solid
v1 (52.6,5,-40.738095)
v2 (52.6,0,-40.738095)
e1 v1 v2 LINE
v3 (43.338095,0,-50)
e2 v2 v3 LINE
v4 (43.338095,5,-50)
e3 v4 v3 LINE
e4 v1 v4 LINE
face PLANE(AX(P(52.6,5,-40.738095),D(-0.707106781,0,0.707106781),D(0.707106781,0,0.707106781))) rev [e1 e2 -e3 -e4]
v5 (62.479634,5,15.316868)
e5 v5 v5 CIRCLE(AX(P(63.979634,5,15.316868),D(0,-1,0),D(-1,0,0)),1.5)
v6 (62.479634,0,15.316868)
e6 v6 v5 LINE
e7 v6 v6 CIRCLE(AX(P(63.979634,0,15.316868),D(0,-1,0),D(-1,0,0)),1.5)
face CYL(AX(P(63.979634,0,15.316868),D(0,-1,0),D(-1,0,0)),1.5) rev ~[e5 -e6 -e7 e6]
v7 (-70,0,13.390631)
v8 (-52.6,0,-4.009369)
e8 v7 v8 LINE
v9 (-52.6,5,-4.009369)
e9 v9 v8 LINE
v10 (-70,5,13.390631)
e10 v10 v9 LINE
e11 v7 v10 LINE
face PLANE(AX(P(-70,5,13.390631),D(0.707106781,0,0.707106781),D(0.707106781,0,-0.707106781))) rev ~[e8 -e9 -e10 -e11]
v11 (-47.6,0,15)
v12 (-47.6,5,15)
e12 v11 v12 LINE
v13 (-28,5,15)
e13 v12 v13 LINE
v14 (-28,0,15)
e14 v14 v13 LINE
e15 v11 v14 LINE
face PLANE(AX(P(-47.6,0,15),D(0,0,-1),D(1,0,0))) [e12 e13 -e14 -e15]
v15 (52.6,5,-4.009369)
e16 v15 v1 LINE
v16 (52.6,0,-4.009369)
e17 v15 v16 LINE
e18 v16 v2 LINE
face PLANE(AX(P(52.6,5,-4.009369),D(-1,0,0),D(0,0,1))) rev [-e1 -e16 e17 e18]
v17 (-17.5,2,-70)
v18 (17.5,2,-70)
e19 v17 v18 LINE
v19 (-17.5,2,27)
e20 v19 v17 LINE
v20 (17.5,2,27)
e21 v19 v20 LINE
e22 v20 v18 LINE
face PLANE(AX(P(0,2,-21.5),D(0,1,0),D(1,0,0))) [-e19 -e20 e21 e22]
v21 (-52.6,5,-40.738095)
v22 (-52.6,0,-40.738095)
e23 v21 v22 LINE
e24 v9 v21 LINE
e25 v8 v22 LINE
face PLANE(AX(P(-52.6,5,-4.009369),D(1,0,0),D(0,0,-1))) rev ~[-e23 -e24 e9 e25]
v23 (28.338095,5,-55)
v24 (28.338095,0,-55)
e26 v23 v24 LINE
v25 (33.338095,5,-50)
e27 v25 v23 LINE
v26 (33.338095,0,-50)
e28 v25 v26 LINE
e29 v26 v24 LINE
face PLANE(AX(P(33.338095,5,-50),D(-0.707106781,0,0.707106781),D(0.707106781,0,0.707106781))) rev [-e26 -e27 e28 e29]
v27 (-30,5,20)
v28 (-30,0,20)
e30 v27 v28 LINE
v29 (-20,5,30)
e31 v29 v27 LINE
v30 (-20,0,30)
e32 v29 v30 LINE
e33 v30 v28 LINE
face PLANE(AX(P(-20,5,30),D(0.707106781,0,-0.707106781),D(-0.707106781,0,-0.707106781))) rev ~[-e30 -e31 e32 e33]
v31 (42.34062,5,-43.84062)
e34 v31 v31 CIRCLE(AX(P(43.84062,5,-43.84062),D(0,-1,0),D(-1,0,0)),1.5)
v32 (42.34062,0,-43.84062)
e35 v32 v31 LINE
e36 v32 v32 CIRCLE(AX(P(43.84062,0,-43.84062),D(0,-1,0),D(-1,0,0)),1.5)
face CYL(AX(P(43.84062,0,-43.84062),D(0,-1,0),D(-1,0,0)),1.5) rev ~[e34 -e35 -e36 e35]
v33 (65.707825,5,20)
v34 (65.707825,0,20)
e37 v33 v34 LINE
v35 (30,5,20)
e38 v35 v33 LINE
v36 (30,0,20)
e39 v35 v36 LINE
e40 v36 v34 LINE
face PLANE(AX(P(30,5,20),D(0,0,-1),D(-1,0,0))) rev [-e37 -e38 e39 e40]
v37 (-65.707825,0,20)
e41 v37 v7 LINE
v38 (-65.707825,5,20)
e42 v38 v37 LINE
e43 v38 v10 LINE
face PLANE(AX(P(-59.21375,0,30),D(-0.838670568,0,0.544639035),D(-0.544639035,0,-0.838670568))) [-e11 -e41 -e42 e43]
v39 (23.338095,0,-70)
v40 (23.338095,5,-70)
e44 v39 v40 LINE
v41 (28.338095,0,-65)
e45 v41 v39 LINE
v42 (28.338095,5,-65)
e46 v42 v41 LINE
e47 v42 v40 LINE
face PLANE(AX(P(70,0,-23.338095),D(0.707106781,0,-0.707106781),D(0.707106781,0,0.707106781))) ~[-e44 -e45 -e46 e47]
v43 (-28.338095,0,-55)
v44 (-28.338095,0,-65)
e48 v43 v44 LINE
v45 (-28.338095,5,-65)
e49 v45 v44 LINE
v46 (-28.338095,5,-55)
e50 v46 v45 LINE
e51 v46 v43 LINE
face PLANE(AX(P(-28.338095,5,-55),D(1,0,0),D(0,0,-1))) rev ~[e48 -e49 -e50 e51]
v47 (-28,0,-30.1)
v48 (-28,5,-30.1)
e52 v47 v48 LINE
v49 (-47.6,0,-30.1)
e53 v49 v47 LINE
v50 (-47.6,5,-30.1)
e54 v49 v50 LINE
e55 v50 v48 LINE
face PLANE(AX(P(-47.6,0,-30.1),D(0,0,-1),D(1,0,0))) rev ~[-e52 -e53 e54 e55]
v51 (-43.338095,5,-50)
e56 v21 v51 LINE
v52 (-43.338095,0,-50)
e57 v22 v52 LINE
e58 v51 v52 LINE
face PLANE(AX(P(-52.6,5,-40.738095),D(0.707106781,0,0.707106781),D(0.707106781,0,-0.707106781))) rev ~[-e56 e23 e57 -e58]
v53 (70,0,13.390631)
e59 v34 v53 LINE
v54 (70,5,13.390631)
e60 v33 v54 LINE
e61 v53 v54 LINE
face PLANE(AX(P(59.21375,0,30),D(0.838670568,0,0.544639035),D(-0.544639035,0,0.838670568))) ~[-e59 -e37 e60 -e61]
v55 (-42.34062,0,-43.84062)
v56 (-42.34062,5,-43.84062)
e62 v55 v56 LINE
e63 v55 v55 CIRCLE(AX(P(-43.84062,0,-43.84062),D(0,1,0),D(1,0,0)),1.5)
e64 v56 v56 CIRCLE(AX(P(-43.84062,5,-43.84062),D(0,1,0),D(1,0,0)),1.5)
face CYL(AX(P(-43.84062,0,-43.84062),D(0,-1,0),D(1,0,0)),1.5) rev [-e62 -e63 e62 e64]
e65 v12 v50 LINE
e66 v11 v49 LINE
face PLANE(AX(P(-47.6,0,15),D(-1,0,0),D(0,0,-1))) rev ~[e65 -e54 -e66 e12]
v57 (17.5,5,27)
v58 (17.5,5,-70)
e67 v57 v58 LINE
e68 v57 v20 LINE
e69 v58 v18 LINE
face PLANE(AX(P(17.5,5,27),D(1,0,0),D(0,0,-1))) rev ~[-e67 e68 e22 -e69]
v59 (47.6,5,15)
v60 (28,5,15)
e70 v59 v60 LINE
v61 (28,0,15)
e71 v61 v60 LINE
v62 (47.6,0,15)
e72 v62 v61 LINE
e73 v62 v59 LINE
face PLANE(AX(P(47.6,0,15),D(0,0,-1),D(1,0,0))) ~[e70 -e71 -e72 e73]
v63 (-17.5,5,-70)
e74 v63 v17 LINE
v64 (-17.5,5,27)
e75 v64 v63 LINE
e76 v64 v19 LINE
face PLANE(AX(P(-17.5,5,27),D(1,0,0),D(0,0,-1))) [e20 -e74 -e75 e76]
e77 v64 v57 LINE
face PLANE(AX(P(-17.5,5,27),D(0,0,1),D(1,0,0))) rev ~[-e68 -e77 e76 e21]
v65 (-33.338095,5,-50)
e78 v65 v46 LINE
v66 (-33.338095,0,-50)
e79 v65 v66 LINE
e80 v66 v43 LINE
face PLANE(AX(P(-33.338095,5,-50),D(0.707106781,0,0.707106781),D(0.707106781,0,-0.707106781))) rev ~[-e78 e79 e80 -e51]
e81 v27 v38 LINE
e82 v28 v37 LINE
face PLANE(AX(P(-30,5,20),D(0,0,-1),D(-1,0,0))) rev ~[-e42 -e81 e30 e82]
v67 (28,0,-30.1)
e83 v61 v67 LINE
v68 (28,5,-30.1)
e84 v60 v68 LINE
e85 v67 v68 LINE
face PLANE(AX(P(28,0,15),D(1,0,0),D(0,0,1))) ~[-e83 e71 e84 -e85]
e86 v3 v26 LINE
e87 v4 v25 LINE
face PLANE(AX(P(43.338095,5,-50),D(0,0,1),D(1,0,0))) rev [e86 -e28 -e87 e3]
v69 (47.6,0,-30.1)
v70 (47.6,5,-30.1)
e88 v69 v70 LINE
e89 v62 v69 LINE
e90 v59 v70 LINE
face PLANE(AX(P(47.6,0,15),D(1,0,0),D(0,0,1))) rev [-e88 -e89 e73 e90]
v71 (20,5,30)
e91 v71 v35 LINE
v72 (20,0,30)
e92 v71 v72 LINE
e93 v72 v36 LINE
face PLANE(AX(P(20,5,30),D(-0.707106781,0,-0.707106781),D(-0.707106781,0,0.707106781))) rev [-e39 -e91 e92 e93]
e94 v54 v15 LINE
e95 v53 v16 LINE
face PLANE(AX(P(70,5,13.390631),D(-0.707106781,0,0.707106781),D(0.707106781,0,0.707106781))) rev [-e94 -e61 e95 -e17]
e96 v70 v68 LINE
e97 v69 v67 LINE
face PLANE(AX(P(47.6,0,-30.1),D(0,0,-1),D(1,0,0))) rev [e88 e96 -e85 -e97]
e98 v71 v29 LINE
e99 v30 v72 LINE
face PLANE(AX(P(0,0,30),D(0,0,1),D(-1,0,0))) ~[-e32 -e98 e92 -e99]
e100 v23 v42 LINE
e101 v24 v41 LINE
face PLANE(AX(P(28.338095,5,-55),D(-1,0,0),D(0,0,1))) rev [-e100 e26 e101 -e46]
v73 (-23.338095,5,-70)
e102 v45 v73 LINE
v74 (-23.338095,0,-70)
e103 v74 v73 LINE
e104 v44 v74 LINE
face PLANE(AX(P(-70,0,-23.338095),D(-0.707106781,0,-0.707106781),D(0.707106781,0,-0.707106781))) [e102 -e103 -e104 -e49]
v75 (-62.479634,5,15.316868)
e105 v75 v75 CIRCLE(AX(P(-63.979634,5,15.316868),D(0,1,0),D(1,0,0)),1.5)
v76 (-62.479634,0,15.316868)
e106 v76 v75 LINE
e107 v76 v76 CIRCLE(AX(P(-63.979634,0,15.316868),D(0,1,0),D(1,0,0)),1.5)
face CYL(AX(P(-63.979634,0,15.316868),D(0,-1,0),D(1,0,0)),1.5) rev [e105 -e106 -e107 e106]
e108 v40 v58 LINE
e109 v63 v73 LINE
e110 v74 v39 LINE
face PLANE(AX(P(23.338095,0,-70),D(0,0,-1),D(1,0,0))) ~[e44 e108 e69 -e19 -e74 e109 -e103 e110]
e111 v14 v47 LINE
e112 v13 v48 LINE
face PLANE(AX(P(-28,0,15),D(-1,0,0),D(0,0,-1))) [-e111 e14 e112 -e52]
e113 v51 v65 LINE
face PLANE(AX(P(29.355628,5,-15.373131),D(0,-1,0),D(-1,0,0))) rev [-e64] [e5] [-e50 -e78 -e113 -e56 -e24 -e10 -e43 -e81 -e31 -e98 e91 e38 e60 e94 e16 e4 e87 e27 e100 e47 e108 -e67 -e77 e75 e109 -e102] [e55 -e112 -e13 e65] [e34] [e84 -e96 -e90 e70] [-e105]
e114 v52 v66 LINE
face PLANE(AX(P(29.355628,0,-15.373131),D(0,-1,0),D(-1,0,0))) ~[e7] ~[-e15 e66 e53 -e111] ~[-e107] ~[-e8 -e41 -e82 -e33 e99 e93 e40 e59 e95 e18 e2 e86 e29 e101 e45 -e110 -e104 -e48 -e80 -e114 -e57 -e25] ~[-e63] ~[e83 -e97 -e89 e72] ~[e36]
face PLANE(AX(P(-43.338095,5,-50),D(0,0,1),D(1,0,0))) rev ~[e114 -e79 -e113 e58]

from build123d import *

# Parameters (mm, degrees)
SKETCH1_R           = 1.5
SKETCH1_W           = 19.6
SKETCH1_H           = 45.1
BOSS_EXTRUDE1_DEPTH = 5
CUT_EXTRUDE2_DEPTH  = 5
SKETCH2_W           = 35
SKETCH2_H           = 97
CUT_EXTRUDE1_DEPTH  = 3


with BuildPart() as part:
    # Sketch1 → Boss-Extrude1 (new body)
    with BuildSketch(Plane(origin=(0, 0, 0), x_dir=(1, 0, 0), z_dir=(0, 1, 0))):
        Polygon((-59.213749531, -30), (-70, -13.390630812), (-70, 23.338095117), (-23.338095117, 70), (0, 70), (0, -30), align=None)
        with Locations((-43.840620434, 43.840620434)):
            Circle(SKETCH1_R, mode=Mode.SUBTRACT)
        with Locations((-63.979633983, -15.316867676)):
            Circle(SKETCH1_R, mode=Mode.SUBTRACT)
        with Locations((-37.8, 7.55)):
            Rectangle(SKETCH1_W, SKETCH1_H, mode=Mode.SUBTRACT)
    boss_extrude1 = extrude(amount=BOSS_EXTRUDE1_DEPTH)

    # Sketch3 → Cut-Extrude2 (cut)
    with BuildSketch(Plane(origin=(0, 5, 0), x_dir=(1, 0, 0), z_dir=(0, 1, 0))):
        Polygon((-20, -30), (-30, -20), (-65.707825463, -20), (-70, -13.390630812), (-52.6, 4.009369188), (-52.6, 40.738095117), (-43.338095117, 50), (-33.338095117, 50), (-28.338095117, 55), (-28.338095117, 65), (-75, 65), (-75, -30), align=None)
    cut_extrude2 = extrude(amount=-CUT_EXTRUDE2_DEPTH, mode=Mode.SUBTRACT)

    # Mirror1: Boss-Extrude1, Cut-Extrude2 across plane
    add(boss_extrude1.mirror(Plane(origin=(0, 5, 30), x_dir=(0, 0, 1), z_dir=(-1, 0, 0))))
    add(cut_extrude2.mirror(Plane(origin=(0, 5, 30), x_dir=(0, 0, 1), z_dir=(-1, 0, 0))), mode=Mode.SUBTRACT)

    # Sketch2 → Cut-Extrude1 (cut)
    with BuildSketch(Plane(origin=(0, 5, 0), x_dir=(1, 0, 0), z_dir=(0, 1, 0))):
        with Locations((0, 21.5)):
            Rectangle(SKETCH2_W, SKETCH2_H)
    extrude(amount=-CUT_EXTRUDE1_DEPTH, mode=Mode.SUBTRACT)


solid = part.part
